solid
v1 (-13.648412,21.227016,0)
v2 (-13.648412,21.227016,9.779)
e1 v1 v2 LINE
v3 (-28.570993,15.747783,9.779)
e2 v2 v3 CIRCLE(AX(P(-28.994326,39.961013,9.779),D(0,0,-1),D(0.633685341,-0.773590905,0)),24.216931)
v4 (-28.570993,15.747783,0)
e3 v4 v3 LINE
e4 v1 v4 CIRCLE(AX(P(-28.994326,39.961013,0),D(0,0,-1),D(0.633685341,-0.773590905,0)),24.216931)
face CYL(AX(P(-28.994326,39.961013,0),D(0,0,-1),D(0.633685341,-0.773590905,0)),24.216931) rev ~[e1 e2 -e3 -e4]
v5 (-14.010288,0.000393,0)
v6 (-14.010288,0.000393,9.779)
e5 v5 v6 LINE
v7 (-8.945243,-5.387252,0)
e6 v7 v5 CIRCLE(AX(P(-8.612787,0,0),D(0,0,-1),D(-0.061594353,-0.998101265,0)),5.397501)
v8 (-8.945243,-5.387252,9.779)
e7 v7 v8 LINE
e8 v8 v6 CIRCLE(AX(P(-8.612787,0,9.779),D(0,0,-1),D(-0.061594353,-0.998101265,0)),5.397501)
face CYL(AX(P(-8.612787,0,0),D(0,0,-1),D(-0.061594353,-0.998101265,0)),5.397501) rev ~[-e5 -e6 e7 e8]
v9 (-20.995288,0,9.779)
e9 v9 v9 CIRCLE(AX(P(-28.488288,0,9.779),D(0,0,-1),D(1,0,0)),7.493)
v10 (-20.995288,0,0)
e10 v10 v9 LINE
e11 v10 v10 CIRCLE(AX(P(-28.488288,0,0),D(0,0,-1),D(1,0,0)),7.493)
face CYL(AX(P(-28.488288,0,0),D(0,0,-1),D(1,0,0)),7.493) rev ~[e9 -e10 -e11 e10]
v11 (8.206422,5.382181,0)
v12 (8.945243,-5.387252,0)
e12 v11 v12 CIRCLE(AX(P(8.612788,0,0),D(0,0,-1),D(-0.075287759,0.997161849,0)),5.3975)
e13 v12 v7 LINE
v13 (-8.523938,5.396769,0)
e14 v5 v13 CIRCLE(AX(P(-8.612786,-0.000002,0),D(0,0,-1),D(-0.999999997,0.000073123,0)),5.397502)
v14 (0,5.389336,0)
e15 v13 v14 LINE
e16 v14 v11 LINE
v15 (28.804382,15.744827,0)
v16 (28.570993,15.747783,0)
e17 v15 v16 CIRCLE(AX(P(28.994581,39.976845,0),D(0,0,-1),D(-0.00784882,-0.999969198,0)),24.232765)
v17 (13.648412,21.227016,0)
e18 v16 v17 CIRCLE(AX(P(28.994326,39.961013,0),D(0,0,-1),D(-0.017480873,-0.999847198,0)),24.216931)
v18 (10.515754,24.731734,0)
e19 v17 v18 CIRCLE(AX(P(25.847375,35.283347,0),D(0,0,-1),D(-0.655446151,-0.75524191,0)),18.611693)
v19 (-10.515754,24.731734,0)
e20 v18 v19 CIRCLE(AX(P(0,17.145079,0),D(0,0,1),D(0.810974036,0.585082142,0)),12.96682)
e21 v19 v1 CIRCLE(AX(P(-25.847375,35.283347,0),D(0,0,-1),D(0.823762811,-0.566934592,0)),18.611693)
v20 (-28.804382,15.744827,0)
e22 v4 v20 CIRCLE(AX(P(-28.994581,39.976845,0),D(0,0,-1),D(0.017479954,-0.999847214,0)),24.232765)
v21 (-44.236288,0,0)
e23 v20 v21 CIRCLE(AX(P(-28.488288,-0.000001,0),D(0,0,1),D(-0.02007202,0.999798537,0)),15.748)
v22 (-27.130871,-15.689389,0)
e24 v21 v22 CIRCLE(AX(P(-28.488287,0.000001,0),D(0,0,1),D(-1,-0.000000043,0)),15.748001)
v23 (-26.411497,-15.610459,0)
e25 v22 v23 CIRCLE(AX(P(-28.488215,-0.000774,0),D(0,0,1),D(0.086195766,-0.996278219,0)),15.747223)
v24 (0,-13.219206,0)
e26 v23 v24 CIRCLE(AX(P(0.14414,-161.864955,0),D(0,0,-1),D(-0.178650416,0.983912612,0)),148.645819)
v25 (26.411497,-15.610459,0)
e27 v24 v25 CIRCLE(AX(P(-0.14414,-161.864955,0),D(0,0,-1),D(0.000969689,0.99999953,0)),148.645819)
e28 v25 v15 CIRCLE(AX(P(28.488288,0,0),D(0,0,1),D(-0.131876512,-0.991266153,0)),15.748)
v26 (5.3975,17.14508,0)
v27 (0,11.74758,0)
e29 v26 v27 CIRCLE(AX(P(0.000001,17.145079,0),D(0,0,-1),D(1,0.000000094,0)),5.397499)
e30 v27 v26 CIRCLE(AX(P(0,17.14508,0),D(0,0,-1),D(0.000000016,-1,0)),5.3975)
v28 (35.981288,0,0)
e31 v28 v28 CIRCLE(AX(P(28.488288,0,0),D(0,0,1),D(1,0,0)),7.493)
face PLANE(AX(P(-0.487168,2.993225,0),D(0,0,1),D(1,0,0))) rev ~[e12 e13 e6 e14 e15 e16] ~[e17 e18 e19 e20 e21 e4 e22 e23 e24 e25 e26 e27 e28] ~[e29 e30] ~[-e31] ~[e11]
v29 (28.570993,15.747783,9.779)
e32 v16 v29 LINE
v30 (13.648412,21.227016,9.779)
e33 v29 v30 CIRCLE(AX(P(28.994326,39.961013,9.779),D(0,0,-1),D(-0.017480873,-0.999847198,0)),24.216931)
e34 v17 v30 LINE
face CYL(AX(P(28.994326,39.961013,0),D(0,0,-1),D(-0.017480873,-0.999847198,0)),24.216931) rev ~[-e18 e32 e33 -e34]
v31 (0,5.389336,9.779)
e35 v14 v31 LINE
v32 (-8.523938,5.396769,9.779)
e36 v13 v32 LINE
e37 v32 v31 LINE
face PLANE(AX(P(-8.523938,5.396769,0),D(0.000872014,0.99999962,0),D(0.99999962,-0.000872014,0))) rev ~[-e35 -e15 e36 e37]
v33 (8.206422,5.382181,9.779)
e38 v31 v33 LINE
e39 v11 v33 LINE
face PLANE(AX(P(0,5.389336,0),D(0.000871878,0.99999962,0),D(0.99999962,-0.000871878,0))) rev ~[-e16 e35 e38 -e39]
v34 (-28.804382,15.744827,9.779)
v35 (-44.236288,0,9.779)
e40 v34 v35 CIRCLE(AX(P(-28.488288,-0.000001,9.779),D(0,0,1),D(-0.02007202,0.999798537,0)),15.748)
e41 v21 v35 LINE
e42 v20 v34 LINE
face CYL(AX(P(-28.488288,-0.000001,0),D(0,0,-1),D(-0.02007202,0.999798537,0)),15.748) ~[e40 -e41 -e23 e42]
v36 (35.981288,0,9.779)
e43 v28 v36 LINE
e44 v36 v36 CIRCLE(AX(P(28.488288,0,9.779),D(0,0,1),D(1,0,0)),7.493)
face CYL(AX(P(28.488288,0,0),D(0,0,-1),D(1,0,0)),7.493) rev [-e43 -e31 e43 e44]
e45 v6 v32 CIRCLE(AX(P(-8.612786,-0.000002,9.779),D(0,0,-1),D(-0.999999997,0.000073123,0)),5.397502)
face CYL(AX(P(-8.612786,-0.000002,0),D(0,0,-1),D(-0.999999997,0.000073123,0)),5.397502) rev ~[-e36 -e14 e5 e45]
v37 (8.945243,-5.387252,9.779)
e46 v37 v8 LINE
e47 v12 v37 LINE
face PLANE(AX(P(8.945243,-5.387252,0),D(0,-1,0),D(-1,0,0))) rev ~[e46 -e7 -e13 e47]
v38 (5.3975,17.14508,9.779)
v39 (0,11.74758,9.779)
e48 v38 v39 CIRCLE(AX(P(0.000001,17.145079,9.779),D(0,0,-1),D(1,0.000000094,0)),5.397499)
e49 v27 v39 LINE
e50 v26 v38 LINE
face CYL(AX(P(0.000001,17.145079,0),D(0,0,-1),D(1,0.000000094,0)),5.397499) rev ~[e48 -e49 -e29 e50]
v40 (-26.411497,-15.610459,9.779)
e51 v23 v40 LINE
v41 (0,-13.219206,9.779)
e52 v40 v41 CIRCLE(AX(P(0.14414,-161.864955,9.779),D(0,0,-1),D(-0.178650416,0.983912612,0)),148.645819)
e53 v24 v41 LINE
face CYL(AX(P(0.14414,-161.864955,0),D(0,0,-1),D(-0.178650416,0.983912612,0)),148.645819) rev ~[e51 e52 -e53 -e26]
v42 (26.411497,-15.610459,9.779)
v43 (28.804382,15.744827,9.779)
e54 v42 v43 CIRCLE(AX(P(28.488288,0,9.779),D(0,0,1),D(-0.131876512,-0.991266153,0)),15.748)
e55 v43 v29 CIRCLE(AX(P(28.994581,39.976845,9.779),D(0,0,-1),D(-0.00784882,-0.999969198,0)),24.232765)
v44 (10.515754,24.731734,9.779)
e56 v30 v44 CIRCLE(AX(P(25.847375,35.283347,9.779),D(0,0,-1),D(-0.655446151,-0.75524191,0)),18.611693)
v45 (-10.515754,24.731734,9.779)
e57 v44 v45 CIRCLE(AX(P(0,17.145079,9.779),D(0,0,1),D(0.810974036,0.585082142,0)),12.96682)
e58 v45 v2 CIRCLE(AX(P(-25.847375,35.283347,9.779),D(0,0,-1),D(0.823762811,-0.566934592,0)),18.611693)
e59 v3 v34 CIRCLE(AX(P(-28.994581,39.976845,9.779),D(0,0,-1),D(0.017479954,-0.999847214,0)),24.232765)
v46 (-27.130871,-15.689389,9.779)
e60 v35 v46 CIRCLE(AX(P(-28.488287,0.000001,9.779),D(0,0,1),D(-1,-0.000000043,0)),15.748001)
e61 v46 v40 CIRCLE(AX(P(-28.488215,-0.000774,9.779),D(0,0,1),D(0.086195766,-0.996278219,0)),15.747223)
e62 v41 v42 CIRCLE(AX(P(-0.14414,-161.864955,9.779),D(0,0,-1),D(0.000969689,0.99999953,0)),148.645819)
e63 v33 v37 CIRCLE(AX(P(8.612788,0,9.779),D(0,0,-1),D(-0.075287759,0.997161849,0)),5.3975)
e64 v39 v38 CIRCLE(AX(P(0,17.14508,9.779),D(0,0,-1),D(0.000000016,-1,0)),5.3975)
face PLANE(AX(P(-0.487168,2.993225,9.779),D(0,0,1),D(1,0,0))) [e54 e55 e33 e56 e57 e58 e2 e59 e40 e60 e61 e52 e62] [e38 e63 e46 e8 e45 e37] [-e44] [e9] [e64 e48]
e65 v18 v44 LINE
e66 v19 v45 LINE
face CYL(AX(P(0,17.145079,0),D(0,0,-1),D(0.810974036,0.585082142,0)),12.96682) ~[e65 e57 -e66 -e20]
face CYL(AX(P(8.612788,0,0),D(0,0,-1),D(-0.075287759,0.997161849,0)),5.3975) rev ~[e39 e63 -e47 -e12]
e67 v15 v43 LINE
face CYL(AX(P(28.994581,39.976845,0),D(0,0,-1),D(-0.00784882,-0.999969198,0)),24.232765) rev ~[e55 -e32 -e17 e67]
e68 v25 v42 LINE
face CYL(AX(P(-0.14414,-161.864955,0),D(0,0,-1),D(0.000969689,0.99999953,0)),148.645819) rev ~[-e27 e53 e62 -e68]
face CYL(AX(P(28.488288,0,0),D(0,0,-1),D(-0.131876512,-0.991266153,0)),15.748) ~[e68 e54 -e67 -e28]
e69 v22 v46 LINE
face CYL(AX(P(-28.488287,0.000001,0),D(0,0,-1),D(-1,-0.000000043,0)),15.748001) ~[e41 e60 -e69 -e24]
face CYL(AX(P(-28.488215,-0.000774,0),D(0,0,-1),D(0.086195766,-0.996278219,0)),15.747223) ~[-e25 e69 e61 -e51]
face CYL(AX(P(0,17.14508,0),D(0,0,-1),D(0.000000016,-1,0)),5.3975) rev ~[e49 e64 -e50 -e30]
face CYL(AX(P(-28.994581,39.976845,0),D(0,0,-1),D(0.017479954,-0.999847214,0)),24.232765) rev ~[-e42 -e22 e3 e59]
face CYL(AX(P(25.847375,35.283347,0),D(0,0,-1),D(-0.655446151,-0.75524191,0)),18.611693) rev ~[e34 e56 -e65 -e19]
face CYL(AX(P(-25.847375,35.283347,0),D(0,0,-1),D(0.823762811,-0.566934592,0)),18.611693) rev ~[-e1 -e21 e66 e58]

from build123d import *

# Parameters (mm, degrees)
F0_R     = 7.493
F1_DEPTH = 9.779


with BuildPart() as f1:
    # F0 (on Top) → F1 (new body)
    with BuildSketch(Plane.XY):
        with BuildLine():
            ThreePointArc((-28.804382, 15.744827), (-39.735006, 11.023195), (-44.236288, 0))
            ThreePointArc((-44.236288, 0), (-39.133073, -11.605518), (-27.130871, -15.689389))
            ThreePointArc((-27.130871, -15.689389), (-26.77073, -15.654057), (-26.411497, -15.610459))
            ThreePointArc((-26.411497, -15.610459), (-13.259182, -13.824655), (0, -13.219206))
            ThreePointArc((0, -13.219206), (13.259182, -13.824655), (26.411497, -15.610459))
            ThreePointArc((26.411497, -15.610459), (44.190629, -1.198327), (28.804382, 15.744827))
            ThreePointArc((28.804382, 15.744827), (28.687684, 15.746024), (28.570993, 15.747783))
            ThreePointArc((28.570993, 15.747783), (20.647303, 17.228065), (13.648412, 21.227016))
            ThreePointArc((13.648412, 21.227016), (11.970991, 22.880077), (10.515754, 24.731734))
            ThreePointArc((10.515754, 24.731734), (0, 30.111899), (-10.515754, 24.731734))
            ThreePointArc((-10.515754, 24.731734), (-11.970991, 22.880077), (-13.648412, 21.227016))
            ThreePointArc((-13.648412, 21.227016), (-20.647303, 17.228065), (-28.570993, 15.747783))
            ThreePointArc((-28.570993, 15.747783), (-28.687684, 15.746024), (-28.804382, 15.744827))
        make_face()
        with BuildLine():
            ThreePointArc((-35.981288, 0), (-28.488288, 7.493), (-20.995288, 0))
            ThreePointArc((-20.995288, 0), (-28.488288, -7.493), (-35.981288, 0))
        make_face(mode=Mode.SUBTRACT)
        with BuildLine():
            ThreePointArc((-14.010288, 0.000393), (-12.397713, 3.848031), (-8.523938, 5.396769))
            Line((-8.523938, 5.396769), (0, 5.389336))
            Line((0, 5.389336), (8.206422, 5.382181))
            ThreePointArc((8.206422, 5.382181), (13.997631, 0.369419), (8.945243, -5.387252))
            Line((8.945243, -5.387252), (-8.945243, -5.387252))
            ThreePointArc((-8.945243, -5.387252), (-12.545316, -3.697057), (-14.010288, 0.000393))
        make_face(mode=Mode.SUBTRACT)
        with Locations((28.488288, 0)):
            Circle(F0_R, mode=Mode.SUBTRACT)
        with BuildLine():
            ThreePointArc((5.3975, 17.14508), (3.816609, 13.328471), (0, 11.74758))
            ThreePointArc((0, 11.74758), (-3.816609, 20.961689), (5.3975, 17.14508))
        make_face(mode=Mode.SUBTRACT)
    extrude(amount=F1_DEPTH)


solid = f1.part
